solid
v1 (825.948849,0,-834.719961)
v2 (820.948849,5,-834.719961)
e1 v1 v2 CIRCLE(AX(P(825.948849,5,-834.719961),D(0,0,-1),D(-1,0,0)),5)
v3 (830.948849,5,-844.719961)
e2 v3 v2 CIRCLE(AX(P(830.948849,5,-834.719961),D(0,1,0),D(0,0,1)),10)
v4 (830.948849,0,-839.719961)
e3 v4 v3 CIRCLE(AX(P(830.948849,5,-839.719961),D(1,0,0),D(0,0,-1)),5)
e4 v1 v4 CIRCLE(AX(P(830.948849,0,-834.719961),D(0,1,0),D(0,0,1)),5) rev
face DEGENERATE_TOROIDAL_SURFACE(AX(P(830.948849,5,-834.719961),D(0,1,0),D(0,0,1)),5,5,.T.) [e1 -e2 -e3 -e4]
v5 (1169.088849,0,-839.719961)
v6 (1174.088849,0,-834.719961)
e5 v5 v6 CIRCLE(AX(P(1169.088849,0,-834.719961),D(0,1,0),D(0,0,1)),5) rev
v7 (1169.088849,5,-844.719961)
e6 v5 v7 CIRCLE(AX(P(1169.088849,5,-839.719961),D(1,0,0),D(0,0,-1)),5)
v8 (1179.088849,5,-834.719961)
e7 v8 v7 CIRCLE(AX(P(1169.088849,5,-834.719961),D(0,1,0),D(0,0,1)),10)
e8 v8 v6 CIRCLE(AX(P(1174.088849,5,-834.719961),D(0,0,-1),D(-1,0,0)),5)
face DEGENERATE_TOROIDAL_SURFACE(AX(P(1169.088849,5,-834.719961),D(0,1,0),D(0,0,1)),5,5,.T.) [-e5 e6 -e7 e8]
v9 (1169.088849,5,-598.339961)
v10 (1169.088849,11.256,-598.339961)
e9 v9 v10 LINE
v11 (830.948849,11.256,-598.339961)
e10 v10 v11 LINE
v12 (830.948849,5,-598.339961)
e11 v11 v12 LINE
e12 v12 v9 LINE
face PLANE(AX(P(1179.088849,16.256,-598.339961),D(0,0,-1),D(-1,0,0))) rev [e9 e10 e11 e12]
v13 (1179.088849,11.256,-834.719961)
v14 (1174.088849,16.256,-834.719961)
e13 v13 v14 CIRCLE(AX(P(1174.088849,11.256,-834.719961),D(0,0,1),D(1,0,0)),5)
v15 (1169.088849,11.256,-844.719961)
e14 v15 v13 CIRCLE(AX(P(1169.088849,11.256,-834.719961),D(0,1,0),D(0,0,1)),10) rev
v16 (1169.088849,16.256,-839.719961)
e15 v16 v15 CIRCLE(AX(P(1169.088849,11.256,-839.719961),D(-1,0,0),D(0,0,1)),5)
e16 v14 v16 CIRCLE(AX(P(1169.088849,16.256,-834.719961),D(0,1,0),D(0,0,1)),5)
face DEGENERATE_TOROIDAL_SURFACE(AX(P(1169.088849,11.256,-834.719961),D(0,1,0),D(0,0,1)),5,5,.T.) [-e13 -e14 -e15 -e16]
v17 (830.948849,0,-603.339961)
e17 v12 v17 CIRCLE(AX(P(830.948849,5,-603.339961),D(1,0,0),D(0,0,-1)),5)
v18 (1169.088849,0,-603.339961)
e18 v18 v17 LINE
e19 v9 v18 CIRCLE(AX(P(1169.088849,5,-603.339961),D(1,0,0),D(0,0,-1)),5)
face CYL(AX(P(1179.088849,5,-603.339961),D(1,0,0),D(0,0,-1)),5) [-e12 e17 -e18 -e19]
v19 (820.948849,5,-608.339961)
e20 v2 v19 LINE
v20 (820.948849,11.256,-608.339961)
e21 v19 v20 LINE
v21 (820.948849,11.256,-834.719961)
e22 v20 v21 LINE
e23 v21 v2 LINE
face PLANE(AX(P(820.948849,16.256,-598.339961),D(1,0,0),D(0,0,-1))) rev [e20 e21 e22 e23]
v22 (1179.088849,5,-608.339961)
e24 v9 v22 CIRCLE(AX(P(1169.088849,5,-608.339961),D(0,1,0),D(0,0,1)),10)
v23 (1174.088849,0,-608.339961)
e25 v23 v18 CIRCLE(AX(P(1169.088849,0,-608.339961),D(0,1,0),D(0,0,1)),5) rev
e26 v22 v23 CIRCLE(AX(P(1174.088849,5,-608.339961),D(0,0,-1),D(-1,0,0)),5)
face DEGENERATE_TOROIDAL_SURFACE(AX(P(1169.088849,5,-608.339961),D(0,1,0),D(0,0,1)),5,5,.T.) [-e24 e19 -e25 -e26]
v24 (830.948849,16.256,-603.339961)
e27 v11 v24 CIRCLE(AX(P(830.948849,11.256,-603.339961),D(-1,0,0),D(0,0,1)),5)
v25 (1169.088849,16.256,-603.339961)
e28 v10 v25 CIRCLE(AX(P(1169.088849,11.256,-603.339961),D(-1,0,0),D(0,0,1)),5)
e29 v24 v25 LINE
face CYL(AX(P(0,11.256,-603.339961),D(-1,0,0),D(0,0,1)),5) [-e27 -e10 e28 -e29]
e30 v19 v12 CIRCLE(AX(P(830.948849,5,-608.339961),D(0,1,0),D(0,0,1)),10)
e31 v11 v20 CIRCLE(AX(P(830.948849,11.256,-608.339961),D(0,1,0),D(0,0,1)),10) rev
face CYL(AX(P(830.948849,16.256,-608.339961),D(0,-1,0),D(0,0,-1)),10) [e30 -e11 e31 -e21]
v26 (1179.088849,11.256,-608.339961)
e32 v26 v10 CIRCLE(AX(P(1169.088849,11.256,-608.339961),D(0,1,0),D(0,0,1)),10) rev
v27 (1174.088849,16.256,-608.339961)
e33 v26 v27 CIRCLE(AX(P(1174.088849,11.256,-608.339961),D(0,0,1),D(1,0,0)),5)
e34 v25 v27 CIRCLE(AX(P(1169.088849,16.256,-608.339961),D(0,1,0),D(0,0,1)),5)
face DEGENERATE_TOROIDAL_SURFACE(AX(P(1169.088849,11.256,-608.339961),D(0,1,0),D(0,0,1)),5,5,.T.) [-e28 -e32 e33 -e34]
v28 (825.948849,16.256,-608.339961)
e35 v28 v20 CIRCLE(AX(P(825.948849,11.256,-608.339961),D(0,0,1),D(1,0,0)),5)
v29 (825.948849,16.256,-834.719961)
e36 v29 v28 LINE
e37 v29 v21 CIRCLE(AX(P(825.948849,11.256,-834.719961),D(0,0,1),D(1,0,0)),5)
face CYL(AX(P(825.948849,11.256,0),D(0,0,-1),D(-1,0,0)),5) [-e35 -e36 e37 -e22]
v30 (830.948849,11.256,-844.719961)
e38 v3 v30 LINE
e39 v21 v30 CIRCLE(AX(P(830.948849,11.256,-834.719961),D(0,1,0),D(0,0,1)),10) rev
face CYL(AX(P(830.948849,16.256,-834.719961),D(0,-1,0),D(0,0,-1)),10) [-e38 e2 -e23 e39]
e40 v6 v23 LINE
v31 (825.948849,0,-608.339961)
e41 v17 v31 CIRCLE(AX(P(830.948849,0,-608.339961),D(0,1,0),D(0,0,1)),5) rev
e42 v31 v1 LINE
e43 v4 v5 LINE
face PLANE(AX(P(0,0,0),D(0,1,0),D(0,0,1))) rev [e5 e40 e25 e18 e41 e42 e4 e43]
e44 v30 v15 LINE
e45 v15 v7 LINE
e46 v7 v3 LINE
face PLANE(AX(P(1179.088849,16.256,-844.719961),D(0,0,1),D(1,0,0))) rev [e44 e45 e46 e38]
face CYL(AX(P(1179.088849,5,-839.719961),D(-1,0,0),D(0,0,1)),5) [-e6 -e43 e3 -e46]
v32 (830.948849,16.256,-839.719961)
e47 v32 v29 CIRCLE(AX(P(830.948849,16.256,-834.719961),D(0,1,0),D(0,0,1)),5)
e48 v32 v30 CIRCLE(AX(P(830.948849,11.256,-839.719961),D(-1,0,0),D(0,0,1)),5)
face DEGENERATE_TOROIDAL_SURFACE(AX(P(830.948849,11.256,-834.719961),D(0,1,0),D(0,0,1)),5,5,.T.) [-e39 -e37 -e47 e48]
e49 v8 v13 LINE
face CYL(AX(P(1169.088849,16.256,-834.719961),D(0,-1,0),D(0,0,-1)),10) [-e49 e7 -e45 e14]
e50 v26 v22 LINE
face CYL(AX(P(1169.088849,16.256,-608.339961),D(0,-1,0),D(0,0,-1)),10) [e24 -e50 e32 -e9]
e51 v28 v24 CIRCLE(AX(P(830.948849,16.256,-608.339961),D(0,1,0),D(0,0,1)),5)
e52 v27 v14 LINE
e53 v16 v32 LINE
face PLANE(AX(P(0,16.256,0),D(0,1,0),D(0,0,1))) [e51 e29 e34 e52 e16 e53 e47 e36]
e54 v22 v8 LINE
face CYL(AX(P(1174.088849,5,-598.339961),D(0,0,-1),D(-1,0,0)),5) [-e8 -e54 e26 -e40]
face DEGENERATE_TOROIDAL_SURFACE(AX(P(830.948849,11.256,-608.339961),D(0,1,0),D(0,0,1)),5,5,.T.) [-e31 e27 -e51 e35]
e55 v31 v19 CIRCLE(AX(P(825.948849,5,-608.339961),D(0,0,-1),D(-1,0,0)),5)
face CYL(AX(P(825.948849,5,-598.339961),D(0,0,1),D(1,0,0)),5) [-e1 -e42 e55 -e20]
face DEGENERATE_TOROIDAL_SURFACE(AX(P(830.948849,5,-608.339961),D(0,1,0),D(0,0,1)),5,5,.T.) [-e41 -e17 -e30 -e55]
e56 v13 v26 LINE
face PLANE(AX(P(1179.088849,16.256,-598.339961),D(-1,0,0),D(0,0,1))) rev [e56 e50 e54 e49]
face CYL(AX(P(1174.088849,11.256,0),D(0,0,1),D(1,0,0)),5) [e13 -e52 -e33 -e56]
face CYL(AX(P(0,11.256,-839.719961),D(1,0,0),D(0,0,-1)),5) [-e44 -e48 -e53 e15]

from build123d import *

# Parameters (mm, degrees)
SKETCH1_W           = 358.14
SKETCH1_H           = 246.38
BOSS_EXTRUDE1_DEPTH = 16.256
FILLET1_R           = 10
FILLET2_R           = 5
FILLET3_R           = 5


with BuildPart() as part:
    # Sketch1 → Boss-Extrude1 (new body)
    with BuildSketch(Plane(origin=(0, 0, 0), x_dir=(1, 0, 0), z_dir=(0, 1, 0))):
        with Locations((1000.018849058, 721.529961316)):
            Rectangle(SKETCH1_W, SKETCH1_H)
    extrude(amount=BOSS_EXTRUDE1_DEPTH)

    # Fillet1
    fillet1_edges = [part.edges().sort_by_distance(p)[0] for p in [
        (1179.088849058, 8.128, -598.339961316),
        (820.948849058, 8.128, -598.339961316),
        (820.948849058, 8.128, -844.719961316),
        (1179.088849058, 8.128, -844.719961316),
    ]]
    fillet(fillet1_edges, radius=FILLET1_R)

    # Fillet2
    fillet2_edges = [part.edges().sort_by_distance(p)[0] for p in [
        (1179.088849058, 16.256, -721.529961316),
        (1000.018849058, 16.256, -598.339961316),
        (1000.018849058, 16.256, -844.719961316),
        (820.948849058, 16.256, -721.529961316),
        (1176.15991687, 16.256, -841.791029128),
        (823.877781246, 16.256, -841.791029128),
        (823.877781246, 16.256, -601.268893504),
        (1176.15991687, 16.256, -601.268893504),
    ]]
    fillet(fillet2_edges, radius=FILLET2_R)

    # Fillet3
    fillet3_edges = [part.edges().sort_by_distance(p)[0] for p in [
        (1179.088849058, 0, -721.529961316),
        (1000.018849058, 0, -598.339961316),
        (820.948849058, 0, -721.529961316),
        (1000.018849058, 0, -844.719961316),
        (1176.15991687, 0, -841.791029128),
        (823.877781246, 0, -841.791029128),
        (823.877781246, 0, -601.268893504),
        (1176.15991687, 0, -601.268893504),
    ]]
    fillet(fillet3_edges, radius=FILLET3_R)


solid = part.part
